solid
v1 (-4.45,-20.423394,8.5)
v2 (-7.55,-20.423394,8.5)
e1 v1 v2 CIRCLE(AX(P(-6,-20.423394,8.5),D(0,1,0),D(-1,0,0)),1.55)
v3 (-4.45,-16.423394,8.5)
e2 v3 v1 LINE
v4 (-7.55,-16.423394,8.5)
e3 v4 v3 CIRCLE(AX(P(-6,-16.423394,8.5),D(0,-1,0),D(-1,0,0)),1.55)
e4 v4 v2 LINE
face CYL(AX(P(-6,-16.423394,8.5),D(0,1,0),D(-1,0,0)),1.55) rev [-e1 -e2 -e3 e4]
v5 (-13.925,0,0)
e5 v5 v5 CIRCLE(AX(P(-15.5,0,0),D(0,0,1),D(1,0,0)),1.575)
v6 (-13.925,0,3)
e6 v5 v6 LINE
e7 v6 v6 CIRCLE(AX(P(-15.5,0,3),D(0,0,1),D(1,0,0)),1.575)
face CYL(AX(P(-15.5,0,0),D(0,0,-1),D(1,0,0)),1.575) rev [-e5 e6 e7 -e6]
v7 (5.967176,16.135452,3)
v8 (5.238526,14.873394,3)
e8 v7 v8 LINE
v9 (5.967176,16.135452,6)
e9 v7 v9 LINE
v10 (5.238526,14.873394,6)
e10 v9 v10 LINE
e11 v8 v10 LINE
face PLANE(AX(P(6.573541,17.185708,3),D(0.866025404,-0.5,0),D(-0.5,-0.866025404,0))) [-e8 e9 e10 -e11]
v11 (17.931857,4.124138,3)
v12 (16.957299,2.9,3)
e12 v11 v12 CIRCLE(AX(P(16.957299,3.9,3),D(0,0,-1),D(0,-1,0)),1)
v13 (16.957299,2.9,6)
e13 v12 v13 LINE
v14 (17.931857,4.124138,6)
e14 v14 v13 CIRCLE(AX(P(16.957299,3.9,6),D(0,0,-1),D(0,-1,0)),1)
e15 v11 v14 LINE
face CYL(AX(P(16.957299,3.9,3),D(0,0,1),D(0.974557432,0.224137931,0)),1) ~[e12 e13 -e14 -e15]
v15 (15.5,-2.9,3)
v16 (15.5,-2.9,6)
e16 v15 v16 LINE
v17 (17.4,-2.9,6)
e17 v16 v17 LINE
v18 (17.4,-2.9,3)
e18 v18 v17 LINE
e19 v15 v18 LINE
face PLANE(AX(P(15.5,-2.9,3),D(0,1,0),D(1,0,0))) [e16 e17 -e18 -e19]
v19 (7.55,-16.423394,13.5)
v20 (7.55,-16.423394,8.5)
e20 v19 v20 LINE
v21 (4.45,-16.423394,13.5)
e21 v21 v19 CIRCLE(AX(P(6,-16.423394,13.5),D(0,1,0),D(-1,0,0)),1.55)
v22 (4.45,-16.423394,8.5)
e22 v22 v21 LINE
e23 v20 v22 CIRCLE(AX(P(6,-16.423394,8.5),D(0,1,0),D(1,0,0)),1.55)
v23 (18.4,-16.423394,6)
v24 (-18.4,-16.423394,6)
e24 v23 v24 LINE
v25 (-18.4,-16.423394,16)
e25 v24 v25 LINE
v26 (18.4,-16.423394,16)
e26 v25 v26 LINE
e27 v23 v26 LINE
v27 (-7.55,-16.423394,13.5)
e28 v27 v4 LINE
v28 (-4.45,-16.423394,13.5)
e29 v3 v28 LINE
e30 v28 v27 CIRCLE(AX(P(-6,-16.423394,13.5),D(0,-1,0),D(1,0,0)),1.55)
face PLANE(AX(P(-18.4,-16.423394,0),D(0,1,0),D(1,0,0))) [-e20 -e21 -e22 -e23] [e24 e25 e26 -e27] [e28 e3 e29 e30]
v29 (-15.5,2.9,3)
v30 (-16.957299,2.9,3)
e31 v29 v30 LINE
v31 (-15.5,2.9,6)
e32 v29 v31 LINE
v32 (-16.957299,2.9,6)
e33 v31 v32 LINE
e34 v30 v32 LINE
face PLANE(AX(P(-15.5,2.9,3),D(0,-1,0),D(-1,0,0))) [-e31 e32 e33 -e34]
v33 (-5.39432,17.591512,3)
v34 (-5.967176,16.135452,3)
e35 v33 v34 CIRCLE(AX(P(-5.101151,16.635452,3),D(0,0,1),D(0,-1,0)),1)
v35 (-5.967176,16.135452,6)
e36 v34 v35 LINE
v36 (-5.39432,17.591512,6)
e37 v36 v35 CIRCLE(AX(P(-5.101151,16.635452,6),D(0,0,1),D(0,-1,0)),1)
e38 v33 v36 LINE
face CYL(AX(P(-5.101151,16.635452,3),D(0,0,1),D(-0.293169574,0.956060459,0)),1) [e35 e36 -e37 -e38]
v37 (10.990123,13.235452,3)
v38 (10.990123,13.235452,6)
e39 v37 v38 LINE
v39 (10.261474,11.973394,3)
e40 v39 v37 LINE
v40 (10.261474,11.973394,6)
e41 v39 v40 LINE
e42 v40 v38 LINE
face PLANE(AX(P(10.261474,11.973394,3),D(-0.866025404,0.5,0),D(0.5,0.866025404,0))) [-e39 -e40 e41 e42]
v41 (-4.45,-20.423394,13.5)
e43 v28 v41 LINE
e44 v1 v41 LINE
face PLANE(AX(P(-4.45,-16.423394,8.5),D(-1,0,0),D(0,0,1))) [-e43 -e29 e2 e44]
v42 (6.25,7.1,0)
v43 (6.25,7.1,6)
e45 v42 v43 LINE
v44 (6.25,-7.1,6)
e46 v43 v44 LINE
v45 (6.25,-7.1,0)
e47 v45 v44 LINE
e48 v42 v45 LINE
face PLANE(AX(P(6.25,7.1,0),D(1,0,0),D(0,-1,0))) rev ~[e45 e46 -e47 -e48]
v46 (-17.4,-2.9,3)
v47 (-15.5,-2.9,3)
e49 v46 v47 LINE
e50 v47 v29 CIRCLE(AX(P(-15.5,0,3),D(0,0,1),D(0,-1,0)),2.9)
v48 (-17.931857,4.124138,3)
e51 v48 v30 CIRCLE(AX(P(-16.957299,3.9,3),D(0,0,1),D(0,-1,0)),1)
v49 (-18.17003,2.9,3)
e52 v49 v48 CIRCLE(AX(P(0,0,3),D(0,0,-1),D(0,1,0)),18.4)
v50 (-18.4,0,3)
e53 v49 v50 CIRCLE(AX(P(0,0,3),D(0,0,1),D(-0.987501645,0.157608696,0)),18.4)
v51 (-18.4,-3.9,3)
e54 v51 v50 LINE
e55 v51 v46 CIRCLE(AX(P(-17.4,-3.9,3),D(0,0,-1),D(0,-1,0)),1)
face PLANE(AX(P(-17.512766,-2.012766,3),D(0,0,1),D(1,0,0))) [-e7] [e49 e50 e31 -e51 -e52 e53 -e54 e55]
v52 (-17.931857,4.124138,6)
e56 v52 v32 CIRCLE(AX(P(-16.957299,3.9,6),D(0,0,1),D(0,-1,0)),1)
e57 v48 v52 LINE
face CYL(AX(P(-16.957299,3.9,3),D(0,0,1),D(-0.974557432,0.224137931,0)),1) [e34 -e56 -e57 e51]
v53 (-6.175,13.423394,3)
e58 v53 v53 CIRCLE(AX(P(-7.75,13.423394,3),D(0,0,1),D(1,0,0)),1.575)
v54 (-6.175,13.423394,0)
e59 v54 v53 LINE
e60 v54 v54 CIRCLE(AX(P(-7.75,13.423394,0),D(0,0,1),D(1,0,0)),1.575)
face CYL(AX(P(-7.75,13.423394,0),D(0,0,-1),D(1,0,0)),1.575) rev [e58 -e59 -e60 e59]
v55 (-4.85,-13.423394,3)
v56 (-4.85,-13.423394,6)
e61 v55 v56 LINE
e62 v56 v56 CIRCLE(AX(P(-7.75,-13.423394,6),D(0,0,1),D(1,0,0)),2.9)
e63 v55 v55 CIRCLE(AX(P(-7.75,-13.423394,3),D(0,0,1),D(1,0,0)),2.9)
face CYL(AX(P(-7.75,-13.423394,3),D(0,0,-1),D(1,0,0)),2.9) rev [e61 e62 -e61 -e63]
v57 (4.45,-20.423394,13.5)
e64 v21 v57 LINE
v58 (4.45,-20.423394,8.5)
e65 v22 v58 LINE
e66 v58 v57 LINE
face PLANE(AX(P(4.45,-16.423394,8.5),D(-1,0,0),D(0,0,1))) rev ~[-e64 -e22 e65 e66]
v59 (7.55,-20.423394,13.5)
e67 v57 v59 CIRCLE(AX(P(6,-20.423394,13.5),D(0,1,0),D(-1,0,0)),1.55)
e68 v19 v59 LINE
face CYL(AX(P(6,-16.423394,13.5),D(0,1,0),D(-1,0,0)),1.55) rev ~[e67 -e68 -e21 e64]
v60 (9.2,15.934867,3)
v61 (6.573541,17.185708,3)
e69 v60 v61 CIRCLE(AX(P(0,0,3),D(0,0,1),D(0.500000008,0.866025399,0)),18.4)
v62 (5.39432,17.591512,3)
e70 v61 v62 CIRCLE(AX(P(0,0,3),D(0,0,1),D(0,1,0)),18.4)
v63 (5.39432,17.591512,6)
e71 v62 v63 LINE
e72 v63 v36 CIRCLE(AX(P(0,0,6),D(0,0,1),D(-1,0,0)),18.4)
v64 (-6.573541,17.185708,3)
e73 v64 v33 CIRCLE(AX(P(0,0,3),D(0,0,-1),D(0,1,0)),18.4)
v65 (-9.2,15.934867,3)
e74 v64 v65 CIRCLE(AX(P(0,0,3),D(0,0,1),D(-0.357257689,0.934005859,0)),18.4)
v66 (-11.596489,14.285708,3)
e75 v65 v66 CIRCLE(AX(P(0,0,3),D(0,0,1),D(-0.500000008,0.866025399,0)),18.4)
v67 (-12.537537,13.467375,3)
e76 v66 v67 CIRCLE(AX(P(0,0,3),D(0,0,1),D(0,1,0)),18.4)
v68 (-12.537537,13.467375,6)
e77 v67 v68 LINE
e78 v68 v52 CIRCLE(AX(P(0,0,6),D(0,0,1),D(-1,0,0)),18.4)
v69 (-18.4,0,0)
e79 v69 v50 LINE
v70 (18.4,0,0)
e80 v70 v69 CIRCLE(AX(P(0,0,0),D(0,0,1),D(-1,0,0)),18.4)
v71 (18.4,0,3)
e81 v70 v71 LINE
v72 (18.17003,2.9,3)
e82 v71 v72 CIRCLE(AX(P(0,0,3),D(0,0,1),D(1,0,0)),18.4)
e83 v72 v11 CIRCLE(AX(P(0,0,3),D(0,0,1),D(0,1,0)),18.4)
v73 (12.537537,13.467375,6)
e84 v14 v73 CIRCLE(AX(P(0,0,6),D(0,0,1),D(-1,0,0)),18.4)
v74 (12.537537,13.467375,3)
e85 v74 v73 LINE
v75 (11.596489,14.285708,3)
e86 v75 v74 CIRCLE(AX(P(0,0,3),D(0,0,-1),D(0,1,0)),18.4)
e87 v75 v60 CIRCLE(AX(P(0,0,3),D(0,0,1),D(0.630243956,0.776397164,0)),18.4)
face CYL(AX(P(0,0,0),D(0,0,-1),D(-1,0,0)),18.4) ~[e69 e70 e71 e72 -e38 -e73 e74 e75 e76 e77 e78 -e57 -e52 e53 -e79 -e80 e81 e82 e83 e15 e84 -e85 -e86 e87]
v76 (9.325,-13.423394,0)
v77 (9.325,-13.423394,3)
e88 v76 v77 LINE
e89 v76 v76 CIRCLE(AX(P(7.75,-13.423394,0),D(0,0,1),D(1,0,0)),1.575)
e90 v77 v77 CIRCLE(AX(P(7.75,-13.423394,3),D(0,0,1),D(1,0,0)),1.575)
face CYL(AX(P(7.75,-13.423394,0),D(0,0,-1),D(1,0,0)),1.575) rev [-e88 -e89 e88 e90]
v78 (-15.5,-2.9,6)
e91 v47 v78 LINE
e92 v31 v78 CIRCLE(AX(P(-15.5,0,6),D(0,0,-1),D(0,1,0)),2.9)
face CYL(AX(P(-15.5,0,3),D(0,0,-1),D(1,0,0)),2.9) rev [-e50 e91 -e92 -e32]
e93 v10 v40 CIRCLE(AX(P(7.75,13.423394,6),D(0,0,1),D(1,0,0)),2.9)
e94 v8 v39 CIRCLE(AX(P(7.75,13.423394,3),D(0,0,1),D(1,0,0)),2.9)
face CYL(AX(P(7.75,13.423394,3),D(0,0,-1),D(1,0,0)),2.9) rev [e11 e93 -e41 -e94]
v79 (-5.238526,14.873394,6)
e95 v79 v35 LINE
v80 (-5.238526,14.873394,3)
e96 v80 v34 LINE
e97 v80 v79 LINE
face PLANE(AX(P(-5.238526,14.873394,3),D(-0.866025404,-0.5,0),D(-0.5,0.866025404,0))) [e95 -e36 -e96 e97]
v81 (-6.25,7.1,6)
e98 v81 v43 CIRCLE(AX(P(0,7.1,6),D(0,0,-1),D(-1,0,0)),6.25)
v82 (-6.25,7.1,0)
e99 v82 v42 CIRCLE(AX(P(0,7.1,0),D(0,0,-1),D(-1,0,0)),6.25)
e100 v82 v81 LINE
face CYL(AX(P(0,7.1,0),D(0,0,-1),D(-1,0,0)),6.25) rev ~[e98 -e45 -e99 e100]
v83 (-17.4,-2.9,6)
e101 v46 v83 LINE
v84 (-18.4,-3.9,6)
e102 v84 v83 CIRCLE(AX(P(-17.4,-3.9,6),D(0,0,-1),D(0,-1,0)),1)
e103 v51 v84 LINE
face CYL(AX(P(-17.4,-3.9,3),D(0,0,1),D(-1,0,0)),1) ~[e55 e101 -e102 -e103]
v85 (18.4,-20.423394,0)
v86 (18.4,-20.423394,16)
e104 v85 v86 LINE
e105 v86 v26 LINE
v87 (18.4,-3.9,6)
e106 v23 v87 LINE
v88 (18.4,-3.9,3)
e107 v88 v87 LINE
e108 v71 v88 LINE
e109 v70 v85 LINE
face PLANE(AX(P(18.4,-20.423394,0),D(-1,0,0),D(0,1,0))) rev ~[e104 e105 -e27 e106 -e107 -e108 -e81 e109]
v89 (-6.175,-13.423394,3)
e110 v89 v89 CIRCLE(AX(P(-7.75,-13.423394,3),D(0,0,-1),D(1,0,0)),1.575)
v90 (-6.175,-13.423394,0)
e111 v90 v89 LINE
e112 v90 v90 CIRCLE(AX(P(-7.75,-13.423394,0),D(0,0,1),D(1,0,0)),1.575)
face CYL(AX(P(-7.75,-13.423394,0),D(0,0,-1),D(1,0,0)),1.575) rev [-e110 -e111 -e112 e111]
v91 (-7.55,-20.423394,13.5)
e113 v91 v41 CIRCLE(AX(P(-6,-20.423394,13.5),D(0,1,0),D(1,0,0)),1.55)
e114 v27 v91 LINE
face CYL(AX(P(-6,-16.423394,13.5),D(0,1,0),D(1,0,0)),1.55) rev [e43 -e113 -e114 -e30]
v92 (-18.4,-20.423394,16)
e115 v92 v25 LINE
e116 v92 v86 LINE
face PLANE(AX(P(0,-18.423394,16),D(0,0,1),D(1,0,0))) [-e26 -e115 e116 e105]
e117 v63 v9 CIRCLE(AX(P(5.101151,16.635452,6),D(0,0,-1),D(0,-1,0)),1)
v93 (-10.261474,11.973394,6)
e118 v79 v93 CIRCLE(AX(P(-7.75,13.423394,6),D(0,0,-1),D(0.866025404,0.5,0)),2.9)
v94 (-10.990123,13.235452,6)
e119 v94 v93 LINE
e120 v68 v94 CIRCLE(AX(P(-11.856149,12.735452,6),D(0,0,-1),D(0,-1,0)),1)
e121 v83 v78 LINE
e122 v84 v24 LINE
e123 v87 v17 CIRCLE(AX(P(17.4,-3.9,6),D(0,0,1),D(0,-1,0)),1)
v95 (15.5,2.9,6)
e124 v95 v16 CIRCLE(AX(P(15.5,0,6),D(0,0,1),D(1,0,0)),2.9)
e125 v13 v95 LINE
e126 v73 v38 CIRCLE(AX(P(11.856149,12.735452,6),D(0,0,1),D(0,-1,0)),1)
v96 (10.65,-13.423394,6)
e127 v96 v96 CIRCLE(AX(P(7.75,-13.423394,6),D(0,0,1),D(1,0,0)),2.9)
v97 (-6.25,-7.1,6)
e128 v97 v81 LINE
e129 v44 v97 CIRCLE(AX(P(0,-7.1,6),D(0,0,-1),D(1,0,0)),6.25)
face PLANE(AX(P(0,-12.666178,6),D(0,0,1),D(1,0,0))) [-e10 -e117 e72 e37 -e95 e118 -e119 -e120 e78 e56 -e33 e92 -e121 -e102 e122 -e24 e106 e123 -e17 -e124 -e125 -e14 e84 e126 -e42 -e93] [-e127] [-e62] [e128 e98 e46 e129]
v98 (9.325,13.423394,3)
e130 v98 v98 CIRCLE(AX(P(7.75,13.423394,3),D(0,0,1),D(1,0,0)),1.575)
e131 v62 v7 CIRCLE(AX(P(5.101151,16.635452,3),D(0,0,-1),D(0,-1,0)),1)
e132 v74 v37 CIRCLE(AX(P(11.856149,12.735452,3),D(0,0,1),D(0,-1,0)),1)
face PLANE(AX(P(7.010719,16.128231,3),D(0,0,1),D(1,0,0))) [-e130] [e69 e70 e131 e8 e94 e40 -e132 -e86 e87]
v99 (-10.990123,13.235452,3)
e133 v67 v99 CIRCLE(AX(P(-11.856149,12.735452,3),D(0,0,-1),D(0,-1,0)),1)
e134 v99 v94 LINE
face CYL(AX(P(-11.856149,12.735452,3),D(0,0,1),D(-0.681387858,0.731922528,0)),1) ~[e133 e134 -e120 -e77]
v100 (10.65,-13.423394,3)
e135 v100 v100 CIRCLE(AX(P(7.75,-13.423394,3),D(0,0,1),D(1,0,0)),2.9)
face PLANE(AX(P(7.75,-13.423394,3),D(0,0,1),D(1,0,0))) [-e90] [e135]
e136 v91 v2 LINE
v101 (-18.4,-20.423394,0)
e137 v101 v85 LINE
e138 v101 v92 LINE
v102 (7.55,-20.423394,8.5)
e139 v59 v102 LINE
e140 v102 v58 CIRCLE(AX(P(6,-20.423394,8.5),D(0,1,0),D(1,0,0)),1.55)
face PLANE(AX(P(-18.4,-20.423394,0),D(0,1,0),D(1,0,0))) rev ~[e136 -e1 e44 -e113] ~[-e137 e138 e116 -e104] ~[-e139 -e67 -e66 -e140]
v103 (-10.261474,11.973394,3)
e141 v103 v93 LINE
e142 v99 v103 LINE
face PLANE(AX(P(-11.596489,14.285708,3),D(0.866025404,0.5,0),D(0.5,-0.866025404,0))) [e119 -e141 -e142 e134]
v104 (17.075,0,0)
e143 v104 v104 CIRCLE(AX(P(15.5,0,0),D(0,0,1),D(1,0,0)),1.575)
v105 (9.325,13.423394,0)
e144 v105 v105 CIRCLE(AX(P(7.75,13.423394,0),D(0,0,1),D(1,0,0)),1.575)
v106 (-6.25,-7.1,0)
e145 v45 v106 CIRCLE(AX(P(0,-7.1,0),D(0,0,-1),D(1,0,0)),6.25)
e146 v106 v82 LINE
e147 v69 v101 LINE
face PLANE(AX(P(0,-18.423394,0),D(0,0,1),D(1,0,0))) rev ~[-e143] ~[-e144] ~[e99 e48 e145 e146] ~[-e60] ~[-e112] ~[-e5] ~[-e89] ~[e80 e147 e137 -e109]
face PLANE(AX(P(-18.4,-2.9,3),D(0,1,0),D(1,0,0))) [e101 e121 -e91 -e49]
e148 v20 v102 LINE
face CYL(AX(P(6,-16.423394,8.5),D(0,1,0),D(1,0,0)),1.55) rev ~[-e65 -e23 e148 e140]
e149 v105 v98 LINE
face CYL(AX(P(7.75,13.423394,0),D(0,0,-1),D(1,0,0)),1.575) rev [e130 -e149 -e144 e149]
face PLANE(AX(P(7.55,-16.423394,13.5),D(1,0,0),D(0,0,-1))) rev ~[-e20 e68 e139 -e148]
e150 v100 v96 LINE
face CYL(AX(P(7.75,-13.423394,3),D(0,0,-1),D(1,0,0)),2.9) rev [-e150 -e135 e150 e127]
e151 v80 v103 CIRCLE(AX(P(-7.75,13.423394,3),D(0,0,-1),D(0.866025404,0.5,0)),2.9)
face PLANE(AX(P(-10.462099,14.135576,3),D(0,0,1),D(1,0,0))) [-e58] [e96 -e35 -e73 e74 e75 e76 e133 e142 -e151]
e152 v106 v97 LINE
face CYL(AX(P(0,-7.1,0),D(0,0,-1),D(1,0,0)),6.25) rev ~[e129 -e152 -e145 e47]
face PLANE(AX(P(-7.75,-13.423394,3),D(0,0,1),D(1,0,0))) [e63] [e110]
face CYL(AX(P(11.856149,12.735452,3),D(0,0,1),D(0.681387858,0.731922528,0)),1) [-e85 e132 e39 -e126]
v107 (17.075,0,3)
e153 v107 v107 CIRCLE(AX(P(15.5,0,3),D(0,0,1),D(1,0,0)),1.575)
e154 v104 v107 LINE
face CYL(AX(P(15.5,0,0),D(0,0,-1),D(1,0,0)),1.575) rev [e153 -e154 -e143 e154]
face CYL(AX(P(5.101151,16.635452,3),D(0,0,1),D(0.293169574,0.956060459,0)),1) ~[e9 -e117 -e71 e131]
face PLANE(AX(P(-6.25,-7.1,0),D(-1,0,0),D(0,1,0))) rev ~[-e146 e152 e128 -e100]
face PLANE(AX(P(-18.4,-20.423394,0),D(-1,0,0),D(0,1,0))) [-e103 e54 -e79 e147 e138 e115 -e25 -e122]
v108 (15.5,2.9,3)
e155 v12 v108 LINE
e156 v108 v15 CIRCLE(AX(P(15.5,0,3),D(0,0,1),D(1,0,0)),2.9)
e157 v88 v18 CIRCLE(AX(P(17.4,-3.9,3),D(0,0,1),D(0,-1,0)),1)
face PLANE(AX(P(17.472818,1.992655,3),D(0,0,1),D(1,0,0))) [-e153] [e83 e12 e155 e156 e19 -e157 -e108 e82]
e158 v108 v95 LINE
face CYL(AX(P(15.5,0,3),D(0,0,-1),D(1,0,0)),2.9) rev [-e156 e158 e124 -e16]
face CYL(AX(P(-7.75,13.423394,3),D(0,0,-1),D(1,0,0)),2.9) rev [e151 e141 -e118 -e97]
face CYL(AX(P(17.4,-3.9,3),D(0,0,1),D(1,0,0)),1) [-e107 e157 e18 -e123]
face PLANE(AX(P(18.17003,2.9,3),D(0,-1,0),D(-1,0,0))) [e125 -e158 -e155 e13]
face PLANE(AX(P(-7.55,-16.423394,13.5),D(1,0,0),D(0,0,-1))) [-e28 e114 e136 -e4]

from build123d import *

# Parameters (mm, degrees)
SKETCH1_R           = 1.575
BOSS_EXTRUDE1_DEPTH = 6
CUT_EXTRUDE3_START  = -3
SKETCH2_R           = 2.9
SKETCH2_R_2         = 1.575
CUT_EXTRUDE3_DEPTH  = 3
CUT_EXTRUDE4_START  = -3
SKETCH2_3_R         = 2.9
SKETCH2_3_R_2       = 1.575
CUT_EXTRUDE4_DEPTH  = 3
SKETCH3_W           = 36.8
SKETCH3_H           = 4
BOSS_EXTRUDE2_DEPTH = 16
CUT_EXTRUDE5_DEPTH  = 10
FILLET2_R           = 1


with BuildPart() as part:
    # Sketch1 → Boss-Extrude1 (new body)
    # profile 1 of 2: a face of its own
    with BuildSketch(Plane.XY):
        with BuildLine():
            ThreePointArc((18.4, 0), (0, 18.4), (-18.4, 0))
            ThreePointArc((-18.4, 0), (0, -18.4), (18.4, 0))
        make_face()
        with Locations((-7.75, -13.423393759)):
            Circle(SKETCH1_R, mode=Mode.SUBTRACT)
        with Locations((7.75, -13.423393759)):
            Circle(SKETCH1_R, mode=Mode.SUBTRACT)
        with Locations((-15.5, 0)):
            Circle(SKETCH1_R, mode=Mode.SUBTRACT)
        with Locations((-7.75, 13.423393759)):
            Circle(SKETCH1_R, mode=Mode.SUBTRACT)
        with BuildLine():
            ThreePointArc((6.25, -7.1), (0, -13.35), (-6.25, -7.1))
            Line((-6.25, -7.1), (-6.25, 7.1))
            ThreePointArc((-6.25, 7.1), (0, 13.35), (6.25, 7.1))
            Line((6.25, 7.1), (6.25, -7.1))
        make_face(mode=Mode.SUBTRACT)
        with Locations((15.5, 0)):
            Circle(SKETCH1_R, mode=Mode.SUBTRACT)
        with Locations((7.75, 13.423393759)):
            Circle(SKETCH1_R, mode=Mode.SUBTRACT)
    # profile 2 of 2: a face of its own
    with BuildSketch(Plane.XY):
        with BuildLine():
            ThreePointArc((18.4, 0), (0, -18.4), (-18.4, 0))
            Line((-18.4, 0), (-18.4, -19))
            Line((-18.4, -19), (18.4, -19))
            Line((18.4, -19), (18.4, 0))
        make_face()
    extrude(amount=BOSS_EXTRUDE1_DEPTH)

    # Sketch2 → Cut-Extrude3 (cut)
    # profile 1 of 12: a face of its own
    with BuildSketch(Plane.XY.offset(6).offset(CUT_EXTRUDE3_START)):
        with Locations((-15.5, 0)):
            Circle(SKETCH2_R)
        with Locations((-15.5, 0)):
            Circle(SKETCH2_R_2, mode=Mode.SUBTRACT)
    # profile 2 of 12: a face of its own
    with BuildSketch(Plane.XY.offset(6).offset(CUT_EXTRUDE3_START)):
        with BuildLine():
            ThreePointArc((-18.4, 0), (-17.550609665, 2.050609665), (-15.5, 2.9))
            Line((-15.5, 2.9), (-18.17003027, 2.9))
            ThreePointArc((-18.17003027, 2.9), (-18.342417466, 1.454551999), (-18.4, 0))
        make_face()
    # profile 3 of 12: a face of its own
    with BuildSketch(Plane.XY.offset(6).offset(CUT_EXTRUDE3_START)):
        with BuildLine():
            ThreePointArc((-15.5, -2.9), (-17.550609665, -2.050609665), (-18.4, 0))
            Line((-18.4, 0), (-18.4, -2.9))
            Line((-18.4, -2.9), (-15.5, -2.9))
        make_face()
    # profile 4 of 12: a face of its own
    with BuildSketch(Plane.XY.offset(6).offset(CUT_EXTRUDE3_START)):
        with BuildLine():
            ThreePointArc((-6.573541464, 17.185707801), (-7.911529831, 16.612275453), (-9.200000154, 15.934867341))
            ThreePointArc((-9.200000154, 15.934867341), (-6.999424855, 16.224578678), (-5.238526329, 14.873393759))
            Line((-5.238526329, 14.873393759), (-6.573541464, 17.185707801))
        make_face()
    # profile 5 of 12: a face of its own
    with BuildSketch(Plane.XY.offset(6).offset(CUT_EXTRUDE3_START)):
        with BuildLine():
            ThreePointArc((-9.200000154, 15.934867341), (-10.430887789, 15.157723442), (-11.596488806, 14.285707801))
            Line((-11.596488806, 14.285707801), (-10.261473671, 11.973393759))
            ThreePointArc((-10.261473671, 11.973393759), (-10.551184919, 14.173968903), (-9.200000154, 15.934867341))
        make_face()
    # profile 6 of 12: a face of its own
    with BuildSketch(Plane.XY.offset(6).offset(CUT_EXTRUDE3_START)):
        with Locations((-7.75, 13.423393759)):
            Circle(SKETCH2_R)
        with Locations((-7.75, 13.423393759)):
            Circle(SKETCH2_R_2, mode=Mode.SUBTRACT)
    # profile 7 of 12: a face of its own
    with BuildSketch(Plane.XY.offset(6).offset(CUT_EXTRUDE3_START)):
        with BuildLine():
            ThreePointArc((9.200000155, 15.93486734), (7.911529831, 16.612275453), (6.573541464, 17.185707801))
            Line((6.573541464, 17.185707801), (5.238526329, 14.873393759))
            ThreePointArc((5.238526329, 14.873393759), (6.999424856, 16.224578678), (9.200000155, 15.93486734))
        make_face()
    # profile 8 of 12: a face of its own
    with BuildSketch(Plane.XY.offset(6).offset(CUT_EXTRUDE3_START)):
        with Locations((7.75, 13.423393759)):
            Circle(SKETCH2_R)
        with Locations((7.75, 13.423393759)):
            Circle(SKETCH2_R_2, mode=Mode.SUBTRACT)
    # profile 9 of 12: a face of its own
    with BuildSketch(Plane.XY.offset(6).offset(CUT_EXTRUDE3_START)):
        with BuildLine():
            ThreePointArc((11.596488806, 14.285707801), (10.430887789, 15.157723441), (9.200000155, 15.93486734))
            ThreePointArc((9.200000155, 15.93486734), (10.261473716, 14.873393681), (10.65, 13.423393759))
            ThreePointArc((10.65, 13.423393759), (10.551184896, 12.672818528), (10.261473671, 11.973393759))
            Line((10.261473671, 11.973393759), (11.596488806, 14.285707801))
        make_face()
    # profile 10 of 12: a face of its own
    with BuildSketch(Plane.XY.offset(6).offset(CUT_EXTRUDE3_START)):
        with BuildLine():
            ThreePointArc((18.4, 0), (18.342417466, 1.454551999), (18.17003027, 2.9))
            Line((18.17003027, 2.9), (15.5, 2.9))
            ThreePointArc((15.5, 2.9), (17.550609665, 2.050609665), (18.4, 0))
        make_face()
    # profile 11 of 12: a face of its own
    with BuildSketch(Plane.XY.offset(6).offset(CUT_EXTRUDE3_START)):
        with Locations((15.5, 0)):
            Circle(SKETCH2_R)
        with Locations((15.5, 0)):
            Circle(SKETCH2_R_2, mode=Mode.SUBTRACT)
    # profile 12 of 12: a face of its own
    with BuildSketch(Plane.XY.offset(6).offset(CUT_EXTRUDE3_START)):
        with BuildLine():
            Line((18.4, -2.9), (18.4, 0))
            ThreePointArc((18.4, 0), (17.550609665, -2.050609665), (15.5, -2.9))
            Line((15.5, -2.9), (18.4, -2.9))
        make_face()
    extrude(amount=CUT_EXTRUDE3_DEPTH, mode=Mode.SUBTRACT)

    # Sketch2<3> → Cut-Extrude4 (cut)
    # profile 1 of 2: a face of its own
    with BuildSketch(Plane.XY.offset(6).offset(CUT_EXTRUDE4_START)):
        with Locations((7.75, -13.423393759)):
            Circle(SKETCH2_3_R)
        with Locations((7.75, -13.423393759)):
            Circle(SKETCH2_3_R_2, mode=Mode.SUBTRACT)
    # profile 2 of 2: a face of its own
    with BuildSketch(Plane.XY.offset(6).offset(CUT_EXTRUDE4_START)):
        with Locations((-7.75, -13.423393759)):
            Circle(SKETCH2_3_R)
    extrude(amount=CUT_EXTRUDE4_DEPTH, mode=Mode.SUBTRACT)

    # Sketch3 → Boss-Extrude2 (add)
    with BuildSketch(Plane.XY):
        with Locations((0, -18.423393759)):
            Rectangle(SKETCH3_W, SKETCH3_H)
    extrude(amount=BOSS_EXTRUDE2_DEPTH)

    # Sketch4 → Cut-Extrude5 (cut)
    with BuildSketch(Plane(origin=(0, -16.423393759, 0), x_dir=(1, 0, 0), z_dir=(0, 1, 0))):
        with BuildLine():
            Line((-4.45, -8.5), (-4.45, -13.5))
            ThreePointArc((-4.45, -13.5), (-6, -15.05), (-7.55, -13.5))
            Line((-7.55, -13.5), (-7.55, -8.5))
            ThreePointArc((-7.55, -8.5), (-6, -6.95), (-4.45, -8.5))
        make_face()
        with BuildLine():
            Line((4.45, -8.5), (4.45, -13.5))
            ThreePointArc((4.45, -13.5), (6, -15.05), (7.55, -13.5))
            Line((7.55, -13.5), (7.55, -8.5))
            ThreePointArc((7.55, -8.5), (6, -6.95), (4.45, -8.5))
        make_face()
    extrude(amount=-CUT_EXTRUDE5_DEPTH, mode=Mode.SUBTRACT)

    # Fillet2
    fillet2_edges = [part.edges().sort_by_distance(p)[0] for p in [
        (-18.4, -2.9, 4.5),
        (-18.17003027, 2.9, 4.5),
        (-11.596488806, 14.285707801, 4.5),
        (-6.573541464, 17.185707801, 4.5),
        (6.573541464, 17.185707801, 4.5),
        (11.596488806, 14.285707801, 4.5),
        (18.17003027, 2.9, 4.5),
        (18.4, -2.9, 4.5),
    ]]
    fillet(fillet2_edges, radius=FILLET2_R)


solid = part.part
